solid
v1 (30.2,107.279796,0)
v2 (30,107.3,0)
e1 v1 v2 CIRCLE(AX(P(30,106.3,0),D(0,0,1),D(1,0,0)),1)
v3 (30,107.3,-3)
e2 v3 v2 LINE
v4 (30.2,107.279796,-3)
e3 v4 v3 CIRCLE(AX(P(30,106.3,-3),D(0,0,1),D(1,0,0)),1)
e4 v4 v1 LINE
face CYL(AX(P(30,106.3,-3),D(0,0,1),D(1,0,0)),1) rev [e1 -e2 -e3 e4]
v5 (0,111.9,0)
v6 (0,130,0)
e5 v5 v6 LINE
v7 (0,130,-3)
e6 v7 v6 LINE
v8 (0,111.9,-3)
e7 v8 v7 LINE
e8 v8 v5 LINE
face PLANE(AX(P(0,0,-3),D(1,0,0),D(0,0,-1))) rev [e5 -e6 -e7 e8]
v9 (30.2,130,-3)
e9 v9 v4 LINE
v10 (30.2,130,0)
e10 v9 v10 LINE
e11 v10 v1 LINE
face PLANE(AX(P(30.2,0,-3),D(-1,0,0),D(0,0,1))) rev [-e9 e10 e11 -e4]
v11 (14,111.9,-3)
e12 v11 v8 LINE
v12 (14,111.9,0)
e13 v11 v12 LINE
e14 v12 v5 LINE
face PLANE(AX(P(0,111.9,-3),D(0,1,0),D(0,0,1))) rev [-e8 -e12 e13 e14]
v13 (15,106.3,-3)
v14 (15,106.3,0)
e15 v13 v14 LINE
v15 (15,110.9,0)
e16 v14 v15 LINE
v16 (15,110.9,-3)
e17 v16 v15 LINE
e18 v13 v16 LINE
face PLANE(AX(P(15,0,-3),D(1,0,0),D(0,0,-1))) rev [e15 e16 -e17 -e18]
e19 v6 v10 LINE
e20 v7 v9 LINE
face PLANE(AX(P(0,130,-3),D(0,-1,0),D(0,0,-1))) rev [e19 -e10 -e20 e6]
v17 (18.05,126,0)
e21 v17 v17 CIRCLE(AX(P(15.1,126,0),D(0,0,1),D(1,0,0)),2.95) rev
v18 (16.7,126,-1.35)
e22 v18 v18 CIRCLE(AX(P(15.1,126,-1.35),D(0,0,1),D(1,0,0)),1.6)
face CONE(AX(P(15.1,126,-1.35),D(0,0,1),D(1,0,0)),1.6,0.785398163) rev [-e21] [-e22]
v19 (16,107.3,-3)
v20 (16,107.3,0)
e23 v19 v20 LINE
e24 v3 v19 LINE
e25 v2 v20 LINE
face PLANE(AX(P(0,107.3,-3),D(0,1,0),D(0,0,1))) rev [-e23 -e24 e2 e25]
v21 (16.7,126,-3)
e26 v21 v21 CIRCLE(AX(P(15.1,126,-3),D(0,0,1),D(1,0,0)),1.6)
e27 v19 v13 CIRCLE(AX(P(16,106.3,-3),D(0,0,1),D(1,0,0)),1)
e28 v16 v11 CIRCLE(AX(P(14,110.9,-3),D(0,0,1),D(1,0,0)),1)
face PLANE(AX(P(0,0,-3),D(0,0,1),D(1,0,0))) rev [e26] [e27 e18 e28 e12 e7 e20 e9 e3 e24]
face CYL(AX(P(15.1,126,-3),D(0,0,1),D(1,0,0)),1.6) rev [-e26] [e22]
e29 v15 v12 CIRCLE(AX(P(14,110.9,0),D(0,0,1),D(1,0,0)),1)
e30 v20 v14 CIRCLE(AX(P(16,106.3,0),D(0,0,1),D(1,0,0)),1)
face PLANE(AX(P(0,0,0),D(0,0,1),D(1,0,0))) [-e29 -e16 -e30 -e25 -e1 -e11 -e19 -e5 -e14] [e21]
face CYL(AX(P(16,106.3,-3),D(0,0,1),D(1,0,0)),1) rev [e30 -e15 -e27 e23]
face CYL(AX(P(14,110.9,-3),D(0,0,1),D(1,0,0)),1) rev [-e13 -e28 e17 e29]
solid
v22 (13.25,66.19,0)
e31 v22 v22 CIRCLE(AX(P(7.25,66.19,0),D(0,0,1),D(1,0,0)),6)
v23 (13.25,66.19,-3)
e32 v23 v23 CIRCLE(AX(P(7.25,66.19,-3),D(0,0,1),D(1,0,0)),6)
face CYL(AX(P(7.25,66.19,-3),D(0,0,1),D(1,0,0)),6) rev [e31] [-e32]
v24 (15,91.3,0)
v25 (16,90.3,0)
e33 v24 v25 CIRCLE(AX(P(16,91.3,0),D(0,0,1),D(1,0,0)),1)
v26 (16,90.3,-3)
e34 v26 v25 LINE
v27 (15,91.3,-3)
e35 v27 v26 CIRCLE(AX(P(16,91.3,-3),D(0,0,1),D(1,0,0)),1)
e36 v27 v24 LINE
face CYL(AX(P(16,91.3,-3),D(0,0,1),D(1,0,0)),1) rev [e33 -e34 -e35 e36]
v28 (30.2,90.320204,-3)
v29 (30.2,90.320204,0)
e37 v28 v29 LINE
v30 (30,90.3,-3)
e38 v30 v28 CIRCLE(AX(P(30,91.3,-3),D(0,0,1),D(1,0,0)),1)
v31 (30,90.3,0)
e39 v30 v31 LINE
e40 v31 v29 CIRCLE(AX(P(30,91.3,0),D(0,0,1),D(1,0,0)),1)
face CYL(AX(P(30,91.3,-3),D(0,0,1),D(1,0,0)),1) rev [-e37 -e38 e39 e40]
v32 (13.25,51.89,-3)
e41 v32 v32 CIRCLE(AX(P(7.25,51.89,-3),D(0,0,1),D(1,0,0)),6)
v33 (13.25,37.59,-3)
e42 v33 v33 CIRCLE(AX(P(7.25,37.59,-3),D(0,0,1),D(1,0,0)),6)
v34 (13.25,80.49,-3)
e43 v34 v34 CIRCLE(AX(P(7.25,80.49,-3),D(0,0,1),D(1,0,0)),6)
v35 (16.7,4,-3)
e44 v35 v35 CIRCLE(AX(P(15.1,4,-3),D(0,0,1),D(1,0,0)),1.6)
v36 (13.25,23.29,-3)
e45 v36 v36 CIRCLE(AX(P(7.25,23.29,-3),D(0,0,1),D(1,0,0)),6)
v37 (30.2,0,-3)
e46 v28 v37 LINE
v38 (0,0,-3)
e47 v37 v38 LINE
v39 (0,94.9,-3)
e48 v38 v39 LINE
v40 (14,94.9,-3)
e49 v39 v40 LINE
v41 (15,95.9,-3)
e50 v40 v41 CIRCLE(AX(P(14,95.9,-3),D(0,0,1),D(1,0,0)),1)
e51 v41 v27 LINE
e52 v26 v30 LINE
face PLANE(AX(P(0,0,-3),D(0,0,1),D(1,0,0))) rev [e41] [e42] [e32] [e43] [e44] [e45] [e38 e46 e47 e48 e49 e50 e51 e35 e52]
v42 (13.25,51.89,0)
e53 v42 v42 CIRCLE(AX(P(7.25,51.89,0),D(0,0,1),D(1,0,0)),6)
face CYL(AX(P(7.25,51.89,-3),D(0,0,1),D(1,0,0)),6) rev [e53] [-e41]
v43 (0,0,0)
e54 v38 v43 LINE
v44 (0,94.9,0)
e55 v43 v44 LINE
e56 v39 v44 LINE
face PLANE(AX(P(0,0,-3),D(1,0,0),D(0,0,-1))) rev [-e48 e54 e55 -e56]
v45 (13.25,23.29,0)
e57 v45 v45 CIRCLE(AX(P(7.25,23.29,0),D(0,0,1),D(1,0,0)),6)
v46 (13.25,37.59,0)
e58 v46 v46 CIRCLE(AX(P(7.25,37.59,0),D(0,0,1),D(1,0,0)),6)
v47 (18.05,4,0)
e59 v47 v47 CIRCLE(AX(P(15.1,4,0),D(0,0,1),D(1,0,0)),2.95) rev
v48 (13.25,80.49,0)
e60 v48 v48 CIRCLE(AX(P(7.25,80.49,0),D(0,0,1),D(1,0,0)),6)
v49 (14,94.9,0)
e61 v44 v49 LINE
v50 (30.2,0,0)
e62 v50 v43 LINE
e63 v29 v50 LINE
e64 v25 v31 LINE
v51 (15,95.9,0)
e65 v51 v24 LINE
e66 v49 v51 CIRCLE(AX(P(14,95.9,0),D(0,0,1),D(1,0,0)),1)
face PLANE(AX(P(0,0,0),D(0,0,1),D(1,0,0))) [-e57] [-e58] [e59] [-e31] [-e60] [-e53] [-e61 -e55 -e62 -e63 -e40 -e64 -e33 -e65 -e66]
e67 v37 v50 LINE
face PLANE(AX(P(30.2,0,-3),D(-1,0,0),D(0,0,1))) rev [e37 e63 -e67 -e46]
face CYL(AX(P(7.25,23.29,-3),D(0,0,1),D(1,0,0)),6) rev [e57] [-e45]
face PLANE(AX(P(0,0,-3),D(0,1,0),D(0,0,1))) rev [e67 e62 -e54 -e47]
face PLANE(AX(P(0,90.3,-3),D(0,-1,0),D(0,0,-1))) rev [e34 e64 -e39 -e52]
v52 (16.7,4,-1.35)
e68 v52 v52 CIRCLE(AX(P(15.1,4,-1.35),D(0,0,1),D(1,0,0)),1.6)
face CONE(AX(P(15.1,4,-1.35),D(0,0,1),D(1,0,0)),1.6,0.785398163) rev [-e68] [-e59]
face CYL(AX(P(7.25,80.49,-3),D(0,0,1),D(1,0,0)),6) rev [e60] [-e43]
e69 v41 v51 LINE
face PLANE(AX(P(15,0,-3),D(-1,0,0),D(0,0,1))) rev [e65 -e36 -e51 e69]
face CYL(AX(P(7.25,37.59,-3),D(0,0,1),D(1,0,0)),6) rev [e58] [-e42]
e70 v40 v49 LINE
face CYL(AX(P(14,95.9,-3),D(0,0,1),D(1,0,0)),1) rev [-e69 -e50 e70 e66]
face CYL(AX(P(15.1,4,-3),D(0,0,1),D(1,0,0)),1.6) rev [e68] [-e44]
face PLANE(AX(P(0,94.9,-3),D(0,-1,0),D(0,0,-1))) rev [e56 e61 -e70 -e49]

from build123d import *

# Parameters (mm, degrees)
MODEL_R                           = 1.6
AUFSATZ_LINEAR_AUSTRAGEN1_DEPTH   = 3
MODEL_R_2                         = 6
AUFSATZ_LINEAR_AUSTRAGEN1_2_DEPTH = 3
FASE1_SIZE                        = 1.35
FASE2_SIZE                        = 1.35


with BuildPart() as part:
    # Model → Aufsatz-Linear austragen1 (new body)
    with BuildSketch(Plane.XY):
        with BuildLine():
            Line((30.2, 107.279795897), (30.2, 130))
            Line((30.2, 130), (0, 130))
            Line((0, 130), (0, 111.9))
            Line((0, 111.9), (14, 111.9))
            ThreePointArc((14, 111.9), (14.707106781, 111.607106781), (15, 110.9))
            Line((15, 110.9), (15, 106.3))
            ThreePointArc((15, 106.3), (15.292893219, 107.007106781), (16, 107.3))
            Line((16, 107.3), (30, 107.3))
            ThreePointArc((30, 107.3), (30.100508962, 107.294936153), (30.2, 107.279795897))
        make_face()
        with Locations((15.1, 126)):
            Circle(MODEL_R, mode=Mode.SUBTRACT)
    extrude(amount=-AUFSATZ_LINEAR_AUSTRAGEN1_DEPTH)

    # Fase2
    fase2_edges = [part.edges().sort_by_distance(p)[0] for p in [
        (13.5, 126, 0),
    ]]
    chamfer(fase2_edges, length=FASE2_SIZE)


with BuildPart() as body_2:
    # Model → Aufsatz-Linear austragen1 2 (new body)
    with BuildSketch(Plane.XY):
        with BuildLine():
            Line((30.2, 0), (30.2, 90.320204103))
            ThreePointArc((30.2, 90.320204103), (30.100508962, 90.305063847), (30, 90.3))
            Line((30, 90.3), (16, 90.3))
            ThreePointArc((16, 90.3), (15.292893219, 90.592893219), (15, 91.3))
            Line((15, 91.3), (15, 95.9))
            ThreePointArc((15, 95.9), (14.707106781, 95.192893219), (14, 94.9))
            Line((14, 94.9), (0, 94.9))
            Line((0, 94.9), (0, 0))
            Line((0, 0), (30.2, 0))
        make_face()
        with Locations((7.25, 23.29)):
            Circle(MODEL_R_2, mode=Mode.SUBTRACT)
        with Locations((7.25, 37.59)):
            Circle(MODEL_R_2, mode=Mode.SUBTRACT)
        with Locations((7.25, 51.89)):
            Circle(MODEL_R_2, mode=Mode.SUBTRACT)
        with Locations((7.25, 66.19)):
            Circle(MODEL_R_2, mode=Mode.SUBTRACT)
        with Locations((7.25, 80.49)):
            Circle(MODEL_R_2, mode=Mode.SUBTRACT)
        with Locations((15.1, 4)):
            Circle(MODEL_R, mode=Mode.SUBTRACT)
    extrude(amount=-AUFSATZ_LINEAR_AUSTRAGEN1_2_DEPTH)

    # Fase1
    fase1_edges = [body_2.edges().sort_by_distance(p)[0] for p in [
        (13.5, 4, 0),
    ]]
    chamfer(fase1_edges, length=FASE1_SIZE)


solid = Compound([part.part, body_2.part])
